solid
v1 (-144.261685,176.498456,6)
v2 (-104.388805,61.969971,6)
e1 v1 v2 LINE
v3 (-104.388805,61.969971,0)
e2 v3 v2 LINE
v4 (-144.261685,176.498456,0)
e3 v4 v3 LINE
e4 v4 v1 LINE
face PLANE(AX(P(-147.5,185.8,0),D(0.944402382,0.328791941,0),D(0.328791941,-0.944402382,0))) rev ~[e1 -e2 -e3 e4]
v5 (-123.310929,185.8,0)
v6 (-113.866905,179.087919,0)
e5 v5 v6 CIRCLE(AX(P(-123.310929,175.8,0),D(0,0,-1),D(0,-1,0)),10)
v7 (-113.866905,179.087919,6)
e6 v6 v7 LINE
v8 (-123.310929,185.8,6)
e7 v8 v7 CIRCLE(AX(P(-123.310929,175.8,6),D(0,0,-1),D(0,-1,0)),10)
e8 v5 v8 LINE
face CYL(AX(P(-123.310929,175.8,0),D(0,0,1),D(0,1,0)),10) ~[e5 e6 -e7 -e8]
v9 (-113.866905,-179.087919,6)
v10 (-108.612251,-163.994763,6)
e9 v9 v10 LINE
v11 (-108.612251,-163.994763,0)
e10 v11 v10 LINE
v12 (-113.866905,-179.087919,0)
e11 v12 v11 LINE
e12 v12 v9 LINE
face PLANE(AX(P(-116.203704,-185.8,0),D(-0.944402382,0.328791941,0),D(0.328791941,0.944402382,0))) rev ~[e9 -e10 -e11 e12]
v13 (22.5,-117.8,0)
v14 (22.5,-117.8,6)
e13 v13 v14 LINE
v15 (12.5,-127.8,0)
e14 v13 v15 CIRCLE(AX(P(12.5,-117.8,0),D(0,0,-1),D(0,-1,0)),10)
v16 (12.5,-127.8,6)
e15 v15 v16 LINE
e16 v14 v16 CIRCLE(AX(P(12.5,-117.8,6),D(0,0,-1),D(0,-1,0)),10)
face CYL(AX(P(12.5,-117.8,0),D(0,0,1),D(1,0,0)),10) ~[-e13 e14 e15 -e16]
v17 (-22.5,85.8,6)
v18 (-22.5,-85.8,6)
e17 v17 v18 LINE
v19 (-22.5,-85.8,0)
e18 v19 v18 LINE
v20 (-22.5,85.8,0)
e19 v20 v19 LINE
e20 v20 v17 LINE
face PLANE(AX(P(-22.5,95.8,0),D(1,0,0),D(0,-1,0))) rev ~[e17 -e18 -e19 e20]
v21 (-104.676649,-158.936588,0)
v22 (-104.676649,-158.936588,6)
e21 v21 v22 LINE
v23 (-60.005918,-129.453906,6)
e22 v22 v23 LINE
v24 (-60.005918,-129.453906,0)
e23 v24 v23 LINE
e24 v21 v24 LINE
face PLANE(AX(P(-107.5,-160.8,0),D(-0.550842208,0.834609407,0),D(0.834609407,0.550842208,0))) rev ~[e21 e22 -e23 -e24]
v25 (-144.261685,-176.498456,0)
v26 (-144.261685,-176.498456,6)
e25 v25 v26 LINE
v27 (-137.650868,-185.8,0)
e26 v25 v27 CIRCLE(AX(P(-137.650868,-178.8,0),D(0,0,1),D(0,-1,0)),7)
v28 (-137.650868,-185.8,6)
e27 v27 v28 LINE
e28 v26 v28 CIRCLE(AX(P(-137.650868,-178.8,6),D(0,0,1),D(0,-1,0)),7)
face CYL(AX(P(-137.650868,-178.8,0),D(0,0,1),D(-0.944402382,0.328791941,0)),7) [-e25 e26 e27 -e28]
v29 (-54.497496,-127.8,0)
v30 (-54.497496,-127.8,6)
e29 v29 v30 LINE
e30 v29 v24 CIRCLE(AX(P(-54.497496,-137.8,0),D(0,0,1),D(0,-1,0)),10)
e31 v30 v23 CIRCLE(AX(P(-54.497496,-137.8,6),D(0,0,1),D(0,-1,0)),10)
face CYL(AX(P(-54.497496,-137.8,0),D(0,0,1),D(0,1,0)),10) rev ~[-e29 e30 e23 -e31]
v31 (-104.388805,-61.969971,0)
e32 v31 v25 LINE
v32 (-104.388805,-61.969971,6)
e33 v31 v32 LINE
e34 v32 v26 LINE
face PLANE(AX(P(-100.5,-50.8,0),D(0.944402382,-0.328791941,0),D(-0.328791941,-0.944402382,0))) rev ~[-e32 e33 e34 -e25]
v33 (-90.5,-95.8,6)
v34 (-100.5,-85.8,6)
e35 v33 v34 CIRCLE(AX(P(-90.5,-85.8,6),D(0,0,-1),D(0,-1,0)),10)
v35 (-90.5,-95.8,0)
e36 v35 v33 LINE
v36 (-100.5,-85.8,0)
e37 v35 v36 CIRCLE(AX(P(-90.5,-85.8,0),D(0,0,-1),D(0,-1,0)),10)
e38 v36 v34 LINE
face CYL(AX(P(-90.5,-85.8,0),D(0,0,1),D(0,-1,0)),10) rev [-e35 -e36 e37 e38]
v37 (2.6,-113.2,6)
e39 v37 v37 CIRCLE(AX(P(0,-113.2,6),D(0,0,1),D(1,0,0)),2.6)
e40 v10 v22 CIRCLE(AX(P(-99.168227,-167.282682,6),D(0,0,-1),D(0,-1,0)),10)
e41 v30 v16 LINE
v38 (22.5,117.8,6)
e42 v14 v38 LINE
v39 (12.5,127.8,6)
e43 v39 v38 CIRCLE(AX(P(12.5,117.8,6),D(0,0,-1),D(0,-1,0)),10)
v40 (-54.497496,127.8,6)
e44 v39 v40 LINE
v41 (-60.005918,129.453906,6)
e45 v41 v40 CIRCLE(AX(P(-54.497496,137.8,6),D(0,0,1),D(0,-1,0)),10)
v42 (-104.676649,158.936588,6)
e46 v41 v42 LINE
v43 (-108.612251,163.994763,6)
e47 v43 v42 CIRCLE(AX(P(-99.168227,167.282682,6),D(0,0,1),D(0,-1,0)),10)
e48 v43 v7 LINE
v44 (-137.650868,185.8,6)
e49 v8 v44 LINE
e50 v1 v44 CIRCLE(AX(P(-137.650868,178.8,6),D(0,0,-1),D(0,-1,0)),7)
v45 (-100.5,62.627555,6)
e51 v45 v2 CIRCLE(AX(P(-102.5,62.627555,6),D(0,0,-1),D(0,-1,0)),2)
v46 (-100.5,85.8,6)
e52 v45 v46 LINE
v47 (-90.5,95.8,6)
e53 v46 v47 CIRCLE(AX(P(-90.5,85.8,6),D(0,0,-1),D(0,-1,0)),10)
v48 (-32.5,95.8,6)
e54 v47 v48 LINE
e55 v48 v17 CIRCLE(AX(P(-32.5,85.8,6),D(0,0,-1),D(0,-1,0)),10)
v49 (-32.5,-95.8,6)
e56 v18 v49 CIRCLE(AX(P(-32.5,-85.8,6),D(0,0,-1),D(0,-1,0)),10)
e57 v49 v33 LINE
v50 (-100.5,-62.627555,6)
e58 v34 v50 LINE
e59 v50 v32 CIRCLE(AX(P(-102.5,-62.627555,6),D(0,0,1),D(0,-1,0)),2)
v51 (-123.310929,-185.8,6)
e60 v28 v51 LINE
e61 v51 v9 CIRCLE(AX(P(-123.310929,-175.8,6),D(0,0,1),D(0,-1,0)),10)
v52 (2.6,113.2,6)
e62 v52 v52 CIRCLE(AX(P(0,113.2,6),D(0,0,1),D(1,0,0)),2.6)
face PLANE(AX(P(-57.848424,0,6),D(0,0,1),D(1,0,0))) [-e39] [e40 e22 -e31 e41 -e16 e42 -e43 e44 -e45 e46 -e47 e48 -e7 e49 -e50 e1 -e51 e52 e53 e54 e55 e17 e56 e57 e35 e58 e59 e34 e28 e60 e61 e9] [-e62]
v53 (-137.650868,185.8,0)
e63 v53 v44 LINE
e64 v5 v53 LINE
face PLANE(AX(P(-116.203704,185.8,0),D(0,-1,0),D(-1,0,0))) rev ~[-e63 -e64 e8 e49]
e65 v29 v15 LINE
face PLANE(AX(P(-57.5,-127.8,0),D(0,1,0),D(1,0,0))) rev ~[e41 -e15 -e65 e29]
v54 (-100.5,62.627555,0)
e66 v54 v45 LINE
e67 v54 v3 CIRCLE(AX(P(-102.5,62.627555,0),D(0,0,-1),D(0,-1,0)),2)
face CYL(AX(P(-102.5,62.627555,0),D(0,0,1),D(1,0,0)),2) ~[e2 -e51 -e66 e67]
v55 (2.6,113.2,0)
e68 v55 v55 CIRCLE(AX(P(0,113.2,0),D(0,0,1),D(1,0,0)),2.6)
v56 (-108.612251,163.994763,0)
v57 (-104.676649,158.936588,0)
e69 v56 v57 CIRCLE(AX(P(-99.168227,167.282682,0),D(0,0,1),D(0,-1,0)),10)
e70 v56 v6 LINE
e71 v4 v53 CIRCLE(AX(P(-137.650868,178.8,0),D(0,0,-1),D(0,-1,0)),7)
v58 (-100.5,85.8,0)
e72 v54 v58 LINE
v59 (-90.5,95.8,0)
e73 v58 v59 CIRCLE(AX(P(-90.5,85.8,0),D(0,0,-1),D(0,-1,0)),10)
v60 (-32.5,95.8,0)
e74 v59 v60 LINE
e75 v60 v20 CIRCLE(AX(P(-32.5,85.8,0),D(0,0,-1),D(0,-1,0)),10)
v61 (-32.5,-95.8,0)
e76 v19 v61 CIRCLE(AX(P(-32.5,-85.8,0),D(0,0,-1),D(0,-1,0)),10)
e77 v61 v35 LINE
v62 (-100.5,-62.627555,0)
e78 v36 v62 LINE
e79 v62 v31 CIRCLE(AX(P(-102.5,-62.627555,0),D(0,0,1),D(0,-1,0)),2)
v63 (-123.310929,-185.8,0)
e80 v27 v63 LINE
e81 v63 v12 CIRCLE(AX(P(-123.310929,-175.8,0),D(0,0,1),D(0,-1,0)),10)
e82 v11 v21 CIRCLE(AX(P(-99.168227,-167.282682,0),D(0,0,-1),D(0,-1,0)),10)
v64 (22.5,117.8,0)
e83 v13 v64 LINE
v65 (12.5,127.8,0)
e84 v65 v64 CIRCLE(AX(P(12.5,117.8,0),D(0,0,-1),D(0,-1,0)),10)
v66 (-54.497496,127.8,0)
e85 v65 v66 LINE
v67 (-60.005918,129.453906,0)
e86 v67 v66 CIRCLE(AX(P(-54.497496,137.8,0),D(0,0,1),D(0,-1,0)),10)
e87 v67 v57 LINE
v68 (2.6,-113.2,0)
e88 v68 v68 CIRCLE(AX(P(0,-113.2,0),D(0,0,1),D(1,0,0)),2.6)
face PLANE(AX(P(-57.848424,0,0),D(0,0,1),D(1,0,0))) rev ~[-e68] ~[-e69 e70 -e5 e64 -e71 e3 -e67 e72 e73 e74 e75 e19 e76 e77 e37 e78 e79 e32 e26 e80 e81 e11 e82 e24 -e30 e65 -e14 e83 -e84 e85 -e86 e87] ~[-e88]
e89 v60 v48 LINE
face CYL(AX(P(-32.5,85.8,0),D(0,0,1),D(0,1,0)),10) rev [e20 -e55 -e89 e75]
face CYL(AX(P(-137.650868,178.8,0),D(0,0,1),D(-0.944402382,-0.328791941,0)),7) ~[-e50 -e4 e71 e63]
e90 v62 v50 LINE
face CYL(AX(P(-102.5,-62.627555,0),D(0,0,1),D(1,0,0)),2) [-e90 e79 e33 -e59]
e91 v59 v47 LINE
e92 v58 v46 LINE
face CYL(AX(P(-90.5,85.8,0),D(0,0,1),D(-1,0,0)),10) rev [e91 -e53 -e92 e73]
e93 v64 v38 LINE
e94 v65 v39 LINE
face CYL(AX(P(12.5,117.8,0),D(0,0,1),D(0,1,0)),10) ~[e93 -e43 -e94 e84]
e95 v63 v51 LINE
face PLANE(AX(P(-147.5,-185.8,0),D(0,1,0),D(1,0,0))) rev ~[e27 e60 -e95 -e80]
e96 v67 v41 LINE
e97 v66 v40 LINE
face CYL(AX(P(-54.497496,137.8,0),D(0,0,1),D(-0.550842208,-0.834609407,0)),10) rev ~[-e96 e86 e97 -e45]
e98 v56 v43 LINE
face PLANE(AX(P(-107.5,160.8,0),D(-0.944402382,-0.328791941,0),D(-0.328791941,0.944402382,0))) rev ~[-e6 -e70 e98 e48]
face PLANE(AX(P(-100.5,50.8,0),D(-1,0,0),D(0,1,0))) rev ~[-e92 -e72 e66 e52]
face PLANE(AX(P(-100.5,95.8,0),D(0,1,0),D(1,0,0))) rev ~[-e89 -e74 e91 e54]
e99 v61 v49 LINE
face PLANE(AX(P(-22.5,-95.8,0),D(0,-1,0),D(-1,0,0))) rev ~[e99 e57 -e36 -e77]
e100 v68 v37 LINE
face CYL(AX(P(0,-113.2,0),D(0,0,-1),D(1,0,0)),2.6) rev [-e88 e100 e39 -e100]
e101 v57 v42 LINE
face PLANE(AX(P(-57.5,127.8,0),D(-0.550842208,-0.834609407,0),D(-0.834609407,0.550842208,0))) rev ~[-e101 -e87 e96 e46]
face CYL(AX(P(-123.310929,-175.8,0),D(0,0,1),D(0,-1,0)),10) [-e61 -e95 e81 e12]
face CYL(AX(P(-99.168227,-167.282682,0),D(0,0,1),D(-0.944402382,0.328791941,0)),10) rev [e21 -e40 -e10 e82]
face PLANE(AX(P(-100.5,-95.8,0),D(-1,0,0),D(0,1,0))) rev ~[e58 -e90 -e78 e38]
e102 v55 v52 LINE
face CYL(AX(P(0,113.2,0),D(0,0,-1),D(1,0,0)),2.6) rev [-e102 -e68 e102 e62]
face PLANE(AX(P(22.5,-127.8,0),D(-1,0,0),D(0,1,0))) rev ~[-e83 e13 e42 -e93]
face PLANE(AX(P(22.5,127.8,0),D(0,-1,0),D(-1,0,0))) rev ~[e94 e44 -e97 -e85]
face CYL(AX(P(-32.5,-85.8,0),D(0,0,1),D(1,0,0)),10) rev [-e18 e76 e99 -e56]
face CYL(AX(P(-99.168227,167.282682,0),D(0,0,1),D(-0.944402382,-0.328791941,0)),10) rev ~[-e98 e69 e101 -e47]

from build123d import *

# Parameters (mm, degrees)
ESBO_O1_R                = 2.6
RESSALTO_EXTRUS_O1_DEPTH = 6
FILETE1_R                = 2
FILETE3_R                = 10
FILETE4_R                = 7


with BuildPart() as part:
    # Esboço1 → Ressalto-extrusão1 (new body)
    with BuildSketch(Plane.XY):
        Polygon((-100.5, 95.8), (-22.5, 95.8), (-22.5, -95.8), (-100.5, -95.8), (-100.5, -50.8), (-147.5, -185.8), (-116.203703704, -185.8), (-107.5, -160.8), (-57.5, -127.8), (22.5, -127.8), (22.5, 127.8), (-57.5, 127.8), (-107.5, 160.8), (-116.203703704, 185.8), (-147.5, 185.8), (-100.5, 50.8), align=None)
        with Locations((0, 113.2)):
            Circle(ESBO_O1_R, mode=Mode.SUBTRACT)
        with Locations((0, -113.2)):
            Circle(ESBO_O1_R, mode=Mode.SUBTRACT)
    extrude(amount=RESSALTO_EXTRUS_O1_DEPTH)

    # Filete1
    filete1_edges = [part.edges().sort_by_distance(p)[0] for p in [
        (-100.5, -50.8, 3),
        (-100.5, 50.8, 3),
    ]]
    fillet(filete1_edges, radius=FILETE1_R)

    # Filete3
    filete3_edges = [part.edges().sort_by_distance(p)[0] for p in [
        (-57.5, 127.8, 3),
        (22.5, 127.8, 3),
        (22.5, -127.8, 3),
        (-57.5, -127.8, 3),
        (-107.5, -160.8, 3),
        (-116.203703704, -185.8, 3),
        (-100.5, -95.8, 3),
        (-22.5, -95.8, 3),
        (-22.5, 95.8, 3),
        (-100.5, 95.8, 3),
        (-116.203703704, 185.8, 3),
        (-107.5, 160.8, 3),
    ]]
    fillet(filete3_edges, radius=FILETE3_R)

    # Filete4
    filete4_edges = [part.edges().sort_by_distance(p)[0] for p in [
        (-147.5, -185.8, 3),
        (-147.5, 185.8, 3),
    ]]
    fillet(filete4_edges, radius=FILETE4_R)


solid = part.part
